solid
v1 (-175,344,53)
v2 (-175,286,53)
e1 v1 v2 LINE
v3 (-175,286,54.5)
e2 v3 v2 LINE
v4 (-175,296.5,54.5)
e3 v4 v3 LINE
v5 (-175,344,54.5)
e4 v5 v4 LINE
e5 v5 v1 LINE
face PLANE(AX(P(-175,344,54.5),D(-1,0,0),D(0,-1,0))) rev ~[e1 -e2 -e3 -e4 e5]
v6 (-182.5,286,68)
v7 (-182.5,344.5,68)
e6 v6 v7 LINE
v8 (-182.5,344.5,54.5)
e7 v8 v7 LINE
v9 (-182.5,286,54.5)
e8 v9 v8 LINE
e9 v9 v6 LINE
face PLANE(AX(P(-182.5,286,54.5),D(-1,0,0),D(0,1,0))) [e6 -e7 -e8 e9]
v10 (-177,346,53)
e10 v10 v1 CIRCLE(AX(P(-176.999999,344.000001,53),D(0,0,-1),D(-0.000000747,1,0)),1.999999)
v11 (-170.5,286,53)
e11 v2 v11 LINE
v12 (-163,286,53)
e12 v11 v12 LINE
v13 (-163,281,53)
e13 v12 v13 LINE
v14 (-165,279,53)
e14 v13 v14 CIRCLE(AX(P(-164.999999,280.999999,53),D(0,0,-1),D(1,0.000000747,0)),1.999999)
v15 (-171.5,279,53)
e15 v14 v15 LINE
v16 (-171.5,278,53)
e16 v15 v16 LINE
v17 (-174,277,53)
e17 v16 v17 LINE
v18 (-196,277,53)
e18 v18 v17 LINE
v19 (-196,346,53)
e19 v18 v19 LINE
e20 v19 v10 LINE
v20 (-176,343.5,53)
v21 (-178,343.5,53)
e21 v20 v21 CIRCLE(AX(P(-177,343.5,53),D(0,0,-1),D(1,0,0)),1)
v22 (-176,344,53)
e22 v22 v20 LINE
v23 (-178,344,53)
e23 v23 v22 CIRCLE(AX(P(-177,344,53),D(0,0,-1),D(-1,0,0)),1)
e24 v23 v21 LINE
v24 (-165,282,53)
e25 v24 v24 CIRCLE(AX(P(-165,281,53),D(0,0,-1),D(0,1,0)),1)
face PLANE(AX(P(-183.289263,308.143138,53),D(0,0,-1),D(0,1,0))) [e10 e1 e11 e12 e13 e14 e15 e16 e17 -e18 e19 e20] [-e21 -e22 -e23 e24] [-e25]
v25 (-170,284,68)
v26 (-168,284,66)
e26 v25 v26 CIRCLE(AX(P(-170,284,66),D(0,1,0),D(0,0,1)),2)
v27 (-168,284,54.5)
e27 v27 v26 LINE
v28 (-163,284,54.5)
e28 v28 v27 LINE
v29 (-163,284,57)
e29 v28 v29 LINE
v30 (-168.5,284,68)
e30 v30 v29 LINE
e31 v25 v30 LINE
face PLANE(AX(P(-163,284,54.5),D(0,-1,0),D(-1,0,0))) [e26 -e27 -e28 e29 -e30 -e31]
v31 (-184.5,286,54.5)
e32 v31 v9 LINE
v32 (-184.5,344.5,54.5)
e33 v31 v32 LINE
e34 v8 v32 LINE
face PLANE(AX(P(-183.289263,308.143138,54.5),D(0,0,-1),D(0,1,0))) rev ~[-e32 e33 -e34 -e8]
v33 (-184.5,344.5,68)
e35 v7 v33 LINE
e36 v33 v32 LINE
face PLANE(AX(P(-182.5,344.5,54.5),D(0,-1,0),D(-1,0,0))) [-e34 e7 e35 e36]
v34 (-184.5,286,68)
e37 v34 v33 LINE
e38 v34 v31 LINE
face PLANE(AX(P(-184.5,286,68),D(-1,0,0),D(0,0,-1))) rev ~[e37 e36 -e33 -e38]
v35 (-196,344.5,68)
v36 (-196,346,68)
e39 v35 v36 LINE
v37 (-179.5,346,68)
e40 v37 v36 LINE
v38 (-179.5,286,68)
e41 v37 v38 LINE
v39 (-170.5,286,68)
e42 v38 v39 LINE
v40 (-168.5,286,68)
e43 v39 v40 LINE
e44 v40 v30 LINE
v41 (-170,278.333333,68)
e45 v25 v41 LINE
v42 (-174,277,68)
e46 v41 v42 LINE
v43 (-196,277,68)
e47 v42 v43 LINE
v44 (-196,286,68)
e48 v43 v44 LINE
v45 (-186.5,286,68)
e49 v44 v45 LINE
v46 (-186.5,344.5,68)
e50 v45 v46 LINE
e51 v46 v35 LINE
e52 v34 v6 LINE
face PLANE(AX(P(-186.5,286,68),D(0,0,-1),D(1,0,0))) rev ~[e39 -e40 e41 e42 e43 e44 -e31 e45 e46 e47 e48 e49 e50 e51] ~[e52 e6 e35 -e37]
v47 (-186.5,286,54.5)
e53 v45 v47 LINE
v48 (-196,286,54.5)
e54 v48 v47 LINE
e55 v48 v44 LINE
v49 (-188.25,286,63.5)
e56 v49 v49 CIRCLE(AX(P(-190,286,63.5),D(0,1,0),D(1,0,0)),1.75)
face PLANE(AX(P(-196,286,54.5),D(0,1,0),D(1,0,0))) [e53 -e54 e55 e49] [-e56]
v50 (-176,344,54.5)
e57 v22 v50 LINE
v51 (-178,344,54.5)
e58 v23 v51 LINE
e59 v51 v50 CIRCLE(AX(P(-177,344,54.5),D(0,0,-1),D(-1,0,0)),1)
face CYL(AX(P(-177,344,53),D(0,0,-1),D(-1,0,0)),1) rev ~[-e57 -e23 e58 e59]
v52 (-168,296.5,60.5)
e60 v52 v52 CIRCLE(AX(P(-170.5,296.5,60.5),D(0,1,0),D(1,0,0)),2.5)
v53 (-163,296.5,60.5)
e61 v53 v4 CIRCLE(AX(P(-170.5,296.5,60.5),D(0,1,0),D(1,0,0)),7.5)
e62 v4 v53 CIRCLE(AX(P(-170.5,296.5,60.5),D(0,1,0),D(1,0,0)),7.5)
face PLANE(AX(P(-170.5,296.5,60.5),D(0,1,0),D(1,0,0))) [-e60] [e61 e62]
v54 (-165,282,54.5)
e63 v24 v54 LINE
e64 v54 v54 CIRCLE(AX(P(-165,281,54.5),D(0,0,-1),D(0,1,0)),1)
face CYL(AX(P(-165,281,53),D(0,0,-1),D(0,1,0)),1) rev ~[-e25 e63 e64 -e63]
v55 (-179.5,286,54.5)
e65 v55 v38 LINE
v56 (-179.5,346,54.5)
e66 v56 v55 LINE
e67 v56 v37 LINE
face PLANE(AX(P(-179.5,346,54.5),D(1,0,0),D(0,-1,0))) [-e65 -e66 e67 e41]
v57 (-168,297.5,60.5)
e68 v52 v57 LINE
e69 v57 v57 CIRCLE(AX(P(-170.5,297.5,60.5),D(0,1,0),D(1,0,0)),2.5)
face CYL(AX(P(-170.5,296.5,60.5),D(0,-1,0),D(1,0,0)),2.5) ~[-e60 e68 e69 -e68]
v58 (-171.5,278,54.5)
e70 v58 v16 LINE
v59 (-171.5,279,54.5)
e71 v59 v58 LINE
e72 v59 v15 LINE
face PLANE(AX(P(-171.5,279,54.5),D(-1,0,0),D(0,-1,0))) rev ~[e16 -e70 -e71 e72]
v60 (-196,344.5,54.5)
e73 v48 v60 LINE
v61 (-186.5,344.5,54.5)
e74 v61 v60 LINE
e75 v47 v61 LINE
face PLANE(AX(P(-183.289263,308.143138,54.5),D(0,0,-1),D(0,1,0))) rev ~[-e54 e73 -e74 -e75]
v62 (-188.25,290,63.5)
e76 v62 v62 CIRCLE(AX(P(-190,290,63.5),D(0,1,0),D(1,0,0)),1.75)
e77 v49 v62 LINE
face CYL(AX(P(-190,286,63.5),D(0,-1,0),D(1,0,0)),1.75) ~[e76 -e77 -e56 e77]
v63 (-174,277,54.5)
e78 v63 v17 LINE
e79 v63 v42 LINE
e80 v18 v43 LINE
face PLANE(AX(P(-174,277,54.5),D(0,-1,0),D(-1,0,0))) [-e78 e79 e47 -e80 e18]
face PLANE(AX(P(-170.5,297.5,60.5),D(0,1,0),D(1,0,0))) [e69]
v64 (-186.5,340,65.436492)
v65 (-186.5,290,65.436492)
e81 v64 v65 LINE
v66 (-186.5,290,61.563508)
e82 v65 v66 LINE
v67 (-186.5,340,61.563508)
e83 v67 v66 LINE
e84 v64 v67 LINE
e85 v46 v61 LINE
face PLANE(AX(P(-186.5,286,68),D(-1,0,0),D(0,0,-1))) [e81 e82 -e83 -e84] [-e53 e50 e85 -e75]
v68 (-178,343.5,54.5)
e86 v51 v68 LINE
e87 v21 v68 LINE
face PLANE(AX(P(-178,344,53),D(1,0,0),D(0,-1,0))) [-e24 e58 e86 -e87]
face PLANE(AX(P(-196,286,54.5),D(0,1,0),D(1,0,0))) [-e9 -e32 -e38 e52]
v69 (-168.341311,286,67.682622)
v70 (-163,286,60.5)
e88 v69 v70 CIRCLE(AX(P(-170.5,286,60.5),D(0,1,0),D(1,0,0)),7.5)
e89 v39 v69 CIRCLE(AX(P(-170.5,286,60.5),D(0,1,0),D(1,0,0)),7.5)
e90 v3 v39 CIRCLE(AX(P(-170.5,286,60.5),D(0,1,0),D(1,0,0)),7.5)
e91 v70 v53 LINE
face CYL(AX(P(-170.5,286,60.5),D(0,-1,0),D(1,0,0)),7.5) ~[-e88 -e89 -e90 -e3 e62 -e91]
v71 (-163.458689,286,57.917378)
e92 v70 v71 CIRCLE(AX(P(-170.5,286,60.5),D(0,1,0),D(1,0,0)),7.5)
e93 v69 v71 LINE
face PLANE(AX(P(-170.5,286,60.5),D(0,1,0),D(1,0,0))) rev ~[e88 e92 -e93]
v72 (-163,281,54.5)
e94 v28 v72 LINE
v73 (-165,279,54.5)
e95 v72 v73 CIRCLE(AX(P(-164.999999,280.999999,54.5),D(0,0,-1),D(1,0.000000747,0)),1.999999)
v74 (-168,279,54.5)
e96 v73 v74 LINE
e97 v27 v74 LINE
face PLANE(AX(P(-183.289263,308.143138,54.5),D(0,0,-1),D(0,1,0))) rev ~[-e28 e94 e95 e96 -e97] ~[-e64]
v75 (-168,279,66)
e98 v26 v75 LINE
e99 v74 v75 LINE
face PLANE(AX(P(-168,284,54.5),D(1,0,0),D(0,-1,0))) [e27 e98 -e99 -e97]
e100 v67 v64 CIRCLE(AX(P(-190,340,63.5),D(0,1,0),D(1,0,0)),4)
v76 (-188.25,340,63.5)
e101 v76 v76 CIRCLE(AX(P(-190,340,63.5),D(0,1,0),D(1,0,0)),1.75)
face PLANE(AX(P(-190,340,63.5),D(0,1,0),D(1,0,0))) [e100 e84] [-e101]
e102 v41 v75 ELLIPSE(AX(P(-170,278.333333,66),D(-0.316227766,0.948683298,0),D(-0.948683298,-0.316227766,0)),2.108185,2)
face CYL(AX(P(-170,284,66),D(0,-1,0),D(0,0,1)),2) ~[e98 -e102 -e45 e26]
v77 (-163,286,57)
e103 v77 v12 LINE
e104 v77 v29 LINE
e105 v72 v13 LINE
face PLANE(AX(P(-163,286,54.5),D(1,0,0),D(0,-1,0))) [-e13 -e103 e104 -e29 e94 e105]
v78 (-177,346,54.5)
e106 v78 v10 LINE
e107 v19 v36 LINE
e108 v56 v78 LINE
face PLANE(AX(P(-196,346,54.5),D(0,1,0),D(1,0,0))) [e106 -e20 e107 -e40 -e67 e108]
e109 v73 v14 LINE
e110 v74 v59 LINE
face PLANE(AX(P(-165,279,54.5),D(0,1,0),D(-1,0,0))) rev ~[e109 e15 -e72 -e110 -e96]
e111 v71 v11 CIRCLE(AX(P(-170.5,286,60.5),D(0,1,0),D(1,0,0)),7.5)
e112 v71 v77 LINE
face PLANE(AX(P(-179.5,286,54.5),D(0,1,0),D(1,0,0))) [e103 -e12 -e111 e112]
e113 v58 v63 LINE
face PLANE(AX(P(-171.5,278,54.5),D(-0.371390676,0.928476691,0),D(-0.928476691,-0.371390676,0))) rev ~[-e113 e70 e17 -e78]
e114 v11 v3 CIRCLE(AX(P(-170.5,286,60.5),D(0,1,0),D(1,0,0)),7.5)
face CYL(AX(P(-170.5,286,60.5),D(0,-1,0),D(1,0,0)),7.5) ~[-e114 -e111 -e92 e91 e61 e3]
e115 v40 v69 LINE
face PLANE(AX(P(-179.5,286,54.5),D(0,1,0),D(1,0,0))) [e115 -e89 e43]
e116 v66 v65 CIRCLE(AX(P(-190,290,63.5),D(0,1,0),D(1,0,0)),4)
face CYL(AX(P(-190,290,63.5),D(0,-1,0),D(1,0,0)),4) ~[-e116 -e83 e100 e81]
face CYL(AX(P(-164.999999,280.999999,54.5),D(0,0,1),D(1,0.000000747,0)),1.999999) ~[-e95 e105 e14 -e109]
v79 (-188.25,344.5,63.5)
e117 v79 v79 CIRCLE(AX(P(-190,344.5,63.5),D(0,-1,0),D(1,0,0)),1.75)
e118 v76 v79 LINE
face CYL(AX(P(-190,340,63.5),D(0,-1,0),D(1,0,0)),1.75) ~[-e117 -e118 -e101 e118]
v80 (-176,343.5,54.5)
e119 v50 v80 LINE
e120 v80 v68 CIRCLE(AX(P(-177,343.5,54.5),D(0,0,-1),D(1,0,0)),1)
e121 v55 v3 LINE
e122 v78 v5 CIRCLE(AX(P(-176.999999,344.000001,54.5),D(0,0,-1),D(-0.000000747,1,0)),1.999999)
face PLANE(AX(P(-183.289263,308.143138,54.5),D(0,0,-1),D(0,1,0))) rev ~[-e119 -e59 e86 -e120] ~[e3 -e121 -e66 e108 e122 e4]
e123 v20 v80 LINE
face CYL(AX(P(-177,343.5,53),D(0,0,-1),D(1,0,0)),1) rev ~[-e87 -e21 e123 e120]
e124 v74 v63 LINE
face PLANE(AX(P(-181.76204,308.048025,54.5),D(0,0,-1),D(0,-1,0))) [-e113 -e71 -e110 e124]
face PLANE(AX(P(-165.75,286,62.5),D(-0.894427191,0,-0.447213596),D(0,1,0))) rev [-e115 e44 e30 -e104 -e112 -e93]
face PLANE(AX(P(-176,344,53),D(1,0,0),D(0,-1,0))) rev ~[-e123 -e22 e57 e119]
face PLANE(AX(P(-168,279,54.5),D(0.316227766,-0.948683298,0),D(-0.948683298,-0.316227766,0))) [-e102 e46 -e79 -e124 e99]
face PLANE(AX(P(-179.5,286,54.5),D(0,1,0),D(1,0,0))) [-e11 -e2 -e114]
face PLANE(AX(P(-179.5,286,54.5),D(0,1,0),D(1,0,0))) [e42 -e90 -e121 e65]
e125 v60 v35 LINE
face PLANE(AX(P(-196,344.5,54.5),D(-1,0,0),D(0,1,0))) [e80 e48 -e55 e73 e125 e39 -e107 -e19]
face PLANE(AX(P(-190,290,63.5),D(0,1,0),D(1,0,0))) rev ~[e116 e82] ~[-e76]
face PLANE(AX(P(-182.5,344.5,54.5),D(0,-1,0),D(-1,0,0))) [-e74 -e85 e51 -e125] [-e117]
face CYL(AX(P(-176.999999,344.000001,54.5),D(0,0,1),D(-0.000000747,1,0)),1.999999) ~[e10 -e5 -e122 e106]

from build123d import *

# Parameters (mm, degrees)
PAD026_DEPTH            = 1.5
SKETCH032_R             = 1
POCKET005_DEPTH         = 1.501
PAD027_DEPTH            = 13.5
FILLET001_R             = 2
CHAMFER004_SIZE2        = 11
CHAMFER004_SIZE         = 5.5
SKETCH034_R             = 7.5
PAD028_DEPTH            = 10.5
SKETCH035_R             = 2.5
PAD029_DEPTH            = 1
SKETCH036_W             = 2
SKETCH036_H             = 13.5
PAD030_DEPTH            = 60
SKETCH037_R             = 1.75
PAD031_DEPTH            = 4
SKETCH038_R             = 4
PAD032_DEPTH            = 50
SKETCH039_R             = 1.75
PAD033_DEPTH            = 6
BODY011_ROLL_ANGLE      = 180
BODY011_PLACEMENT_ANGLE = 90


with BuildPart() as part:
    # Sketch031 → Pad026 (new body)
    with BuildSketch(Plane.XY):
        with BuildLine():
            Line((0, 0), (69, 0))
            Line((69, 0), (69, 19))
            ThreePointArc((69, 19), (68.414214, 20.414214), (67, 21))
            Line((67, 21), (9, 21))
            Line((9, 21), (9, 33))
            Line((9, 33), (4, 33))
            ThreePointArc((4, 33), (2.585786, 32.414214), (2, 31))
            Line((2, 31), (2, 24.5))
            Line((2, 24.5), (1, 24.5))
            Line((1, 24.5), (0, 22))
            Line((0, 0), (0, 22))
        make_face()
    extrude(amount=PAD026_DEPTH)

    # Sketch032 (on Face13 of Pad026) → Pocket005 (cut, through all)
    with BuildSketch(Plane.XY.offset(1.5)):
        with Locations((4, 31)):
            Circle(SKETCH032_R)
        with BuildLine():
            ThreePointArc((67, 18), (68, 19), (67, 20))
            Line((67, 20), (66.5, 20))
            ThreePointArc((66.5, 20), (65.5, 19), (66.5, 18))
            Line((67, 18), (66.5, 18))
        make_face()
    extrude(amount=-POCKET005_DEPTH, mode=Mode.SUBTRACT)

    # Sketch033 (on Face4 of Pocket005) → Pad027 (join)
    with BuildSketch(Plane(origin=(0, 0, 0), x_dir=(1, 0, 0), z_dir=(0, 0, -1))):
        Polygon((69, -16.5), (9, -16.5), (9, -33), (7, -33), (7, -28), (2, -28), (0, -22), (0, 0), (9, 0), (9, -13.5), (67.5, -13.5), (67.5, 0), (69, 0), align=None)
    extrude(amount=PAD027_DEPTH)

    # Fillet001
    fillet001_edges = [part.edges().sort_by_distance(p)[0] for p in [
        (4.5, 28, -13.5),
    ]]
    fillet(fillet001_edges, radius=FILLET001_R)

    # Chamfer004
    chamfer004_edges = [part.edges().sort_by_distance(p)[0] for p in [
        (8, 33, -13.5),
    ]]
    chamfer004_side = part.faces().sort_by_distance((21.468212, 13.972492, -13.5))[0]
    chamfer(chamfer004_edges, length=CHAMFER004_SIZE, length2=CHAMFER004_SIZE2, reference=chamfer004_side)

    # Sketch034 (on Face5 of Chamfer004) → Pad028 (join)
    with BuildSketch(Plane.YZ.offset(9)):
        with Locations((25.5, -6)):
            Circle(SKETCH034_R)
    extrude(amount=PAD028_DEPTH)

    # Sketch035 (on Face1 of Pad028) → Pad029 (join)
    with BuildSketch(Plane.YZ.offset(19.5)):
        with Locations((25.5, -6)):
            Circle(SKETCH035_R)
    extrude(amount=PAD029_DEPTH)

    # Sketch036 (on Face23 of Pad029) → Pad030 (join)
    with BuildSketch(Plane.YZ.offset(9)):
        with Locations((10.5, -6.75)):
            Rectangle(SKETCH036_W, SKETCH036_H)
    extrude(amount=PAD030_DEPTH)

    # Sketch037 (on Face1 of Pad030) → Pad031 (join)
    with BuildSketch(Plane.YZ.offset(9)):
        with Locations((6, -9)):
            Circle(SKETCH037_R)
    extrude(amount=PAD031_DEPTH)

    # Sketch038 (on Face22 of Pad031) → Pad032 (join)
    with BuildSketch(Plane.YZ.offset(13)):
        with Locations((6, -9)):
            Circle(SKETCH038_R)
    extrude(amount=PAD032_DEPTH)

    # Sketch039 (on Face8 of Pad032) → Pad033 (join)
    with BuildSketch(Plane.YZ.offset(63)):
        with Locations((6, -9)):
            Circle(SKETCH039_R)
    extrude(amount=PAD033_DEPTH)


with BuildPart() as part_1:
    # Body011 roll: moved
    add(part.part.rotate(Axis((0, 0, 0), (1, 0, 0)), BODY011_ROLL_ANGLE))


with BuildPart() as part_2:
    # Body011 placement: moved
    add(part_1.part.moved(Location((-196, 277, 54.5))).rotate(Axis((-196, 277, 54.5), (0, 0, 1)), BODY011_PLACEMENT_ANGLE))


solid = part_2.part
